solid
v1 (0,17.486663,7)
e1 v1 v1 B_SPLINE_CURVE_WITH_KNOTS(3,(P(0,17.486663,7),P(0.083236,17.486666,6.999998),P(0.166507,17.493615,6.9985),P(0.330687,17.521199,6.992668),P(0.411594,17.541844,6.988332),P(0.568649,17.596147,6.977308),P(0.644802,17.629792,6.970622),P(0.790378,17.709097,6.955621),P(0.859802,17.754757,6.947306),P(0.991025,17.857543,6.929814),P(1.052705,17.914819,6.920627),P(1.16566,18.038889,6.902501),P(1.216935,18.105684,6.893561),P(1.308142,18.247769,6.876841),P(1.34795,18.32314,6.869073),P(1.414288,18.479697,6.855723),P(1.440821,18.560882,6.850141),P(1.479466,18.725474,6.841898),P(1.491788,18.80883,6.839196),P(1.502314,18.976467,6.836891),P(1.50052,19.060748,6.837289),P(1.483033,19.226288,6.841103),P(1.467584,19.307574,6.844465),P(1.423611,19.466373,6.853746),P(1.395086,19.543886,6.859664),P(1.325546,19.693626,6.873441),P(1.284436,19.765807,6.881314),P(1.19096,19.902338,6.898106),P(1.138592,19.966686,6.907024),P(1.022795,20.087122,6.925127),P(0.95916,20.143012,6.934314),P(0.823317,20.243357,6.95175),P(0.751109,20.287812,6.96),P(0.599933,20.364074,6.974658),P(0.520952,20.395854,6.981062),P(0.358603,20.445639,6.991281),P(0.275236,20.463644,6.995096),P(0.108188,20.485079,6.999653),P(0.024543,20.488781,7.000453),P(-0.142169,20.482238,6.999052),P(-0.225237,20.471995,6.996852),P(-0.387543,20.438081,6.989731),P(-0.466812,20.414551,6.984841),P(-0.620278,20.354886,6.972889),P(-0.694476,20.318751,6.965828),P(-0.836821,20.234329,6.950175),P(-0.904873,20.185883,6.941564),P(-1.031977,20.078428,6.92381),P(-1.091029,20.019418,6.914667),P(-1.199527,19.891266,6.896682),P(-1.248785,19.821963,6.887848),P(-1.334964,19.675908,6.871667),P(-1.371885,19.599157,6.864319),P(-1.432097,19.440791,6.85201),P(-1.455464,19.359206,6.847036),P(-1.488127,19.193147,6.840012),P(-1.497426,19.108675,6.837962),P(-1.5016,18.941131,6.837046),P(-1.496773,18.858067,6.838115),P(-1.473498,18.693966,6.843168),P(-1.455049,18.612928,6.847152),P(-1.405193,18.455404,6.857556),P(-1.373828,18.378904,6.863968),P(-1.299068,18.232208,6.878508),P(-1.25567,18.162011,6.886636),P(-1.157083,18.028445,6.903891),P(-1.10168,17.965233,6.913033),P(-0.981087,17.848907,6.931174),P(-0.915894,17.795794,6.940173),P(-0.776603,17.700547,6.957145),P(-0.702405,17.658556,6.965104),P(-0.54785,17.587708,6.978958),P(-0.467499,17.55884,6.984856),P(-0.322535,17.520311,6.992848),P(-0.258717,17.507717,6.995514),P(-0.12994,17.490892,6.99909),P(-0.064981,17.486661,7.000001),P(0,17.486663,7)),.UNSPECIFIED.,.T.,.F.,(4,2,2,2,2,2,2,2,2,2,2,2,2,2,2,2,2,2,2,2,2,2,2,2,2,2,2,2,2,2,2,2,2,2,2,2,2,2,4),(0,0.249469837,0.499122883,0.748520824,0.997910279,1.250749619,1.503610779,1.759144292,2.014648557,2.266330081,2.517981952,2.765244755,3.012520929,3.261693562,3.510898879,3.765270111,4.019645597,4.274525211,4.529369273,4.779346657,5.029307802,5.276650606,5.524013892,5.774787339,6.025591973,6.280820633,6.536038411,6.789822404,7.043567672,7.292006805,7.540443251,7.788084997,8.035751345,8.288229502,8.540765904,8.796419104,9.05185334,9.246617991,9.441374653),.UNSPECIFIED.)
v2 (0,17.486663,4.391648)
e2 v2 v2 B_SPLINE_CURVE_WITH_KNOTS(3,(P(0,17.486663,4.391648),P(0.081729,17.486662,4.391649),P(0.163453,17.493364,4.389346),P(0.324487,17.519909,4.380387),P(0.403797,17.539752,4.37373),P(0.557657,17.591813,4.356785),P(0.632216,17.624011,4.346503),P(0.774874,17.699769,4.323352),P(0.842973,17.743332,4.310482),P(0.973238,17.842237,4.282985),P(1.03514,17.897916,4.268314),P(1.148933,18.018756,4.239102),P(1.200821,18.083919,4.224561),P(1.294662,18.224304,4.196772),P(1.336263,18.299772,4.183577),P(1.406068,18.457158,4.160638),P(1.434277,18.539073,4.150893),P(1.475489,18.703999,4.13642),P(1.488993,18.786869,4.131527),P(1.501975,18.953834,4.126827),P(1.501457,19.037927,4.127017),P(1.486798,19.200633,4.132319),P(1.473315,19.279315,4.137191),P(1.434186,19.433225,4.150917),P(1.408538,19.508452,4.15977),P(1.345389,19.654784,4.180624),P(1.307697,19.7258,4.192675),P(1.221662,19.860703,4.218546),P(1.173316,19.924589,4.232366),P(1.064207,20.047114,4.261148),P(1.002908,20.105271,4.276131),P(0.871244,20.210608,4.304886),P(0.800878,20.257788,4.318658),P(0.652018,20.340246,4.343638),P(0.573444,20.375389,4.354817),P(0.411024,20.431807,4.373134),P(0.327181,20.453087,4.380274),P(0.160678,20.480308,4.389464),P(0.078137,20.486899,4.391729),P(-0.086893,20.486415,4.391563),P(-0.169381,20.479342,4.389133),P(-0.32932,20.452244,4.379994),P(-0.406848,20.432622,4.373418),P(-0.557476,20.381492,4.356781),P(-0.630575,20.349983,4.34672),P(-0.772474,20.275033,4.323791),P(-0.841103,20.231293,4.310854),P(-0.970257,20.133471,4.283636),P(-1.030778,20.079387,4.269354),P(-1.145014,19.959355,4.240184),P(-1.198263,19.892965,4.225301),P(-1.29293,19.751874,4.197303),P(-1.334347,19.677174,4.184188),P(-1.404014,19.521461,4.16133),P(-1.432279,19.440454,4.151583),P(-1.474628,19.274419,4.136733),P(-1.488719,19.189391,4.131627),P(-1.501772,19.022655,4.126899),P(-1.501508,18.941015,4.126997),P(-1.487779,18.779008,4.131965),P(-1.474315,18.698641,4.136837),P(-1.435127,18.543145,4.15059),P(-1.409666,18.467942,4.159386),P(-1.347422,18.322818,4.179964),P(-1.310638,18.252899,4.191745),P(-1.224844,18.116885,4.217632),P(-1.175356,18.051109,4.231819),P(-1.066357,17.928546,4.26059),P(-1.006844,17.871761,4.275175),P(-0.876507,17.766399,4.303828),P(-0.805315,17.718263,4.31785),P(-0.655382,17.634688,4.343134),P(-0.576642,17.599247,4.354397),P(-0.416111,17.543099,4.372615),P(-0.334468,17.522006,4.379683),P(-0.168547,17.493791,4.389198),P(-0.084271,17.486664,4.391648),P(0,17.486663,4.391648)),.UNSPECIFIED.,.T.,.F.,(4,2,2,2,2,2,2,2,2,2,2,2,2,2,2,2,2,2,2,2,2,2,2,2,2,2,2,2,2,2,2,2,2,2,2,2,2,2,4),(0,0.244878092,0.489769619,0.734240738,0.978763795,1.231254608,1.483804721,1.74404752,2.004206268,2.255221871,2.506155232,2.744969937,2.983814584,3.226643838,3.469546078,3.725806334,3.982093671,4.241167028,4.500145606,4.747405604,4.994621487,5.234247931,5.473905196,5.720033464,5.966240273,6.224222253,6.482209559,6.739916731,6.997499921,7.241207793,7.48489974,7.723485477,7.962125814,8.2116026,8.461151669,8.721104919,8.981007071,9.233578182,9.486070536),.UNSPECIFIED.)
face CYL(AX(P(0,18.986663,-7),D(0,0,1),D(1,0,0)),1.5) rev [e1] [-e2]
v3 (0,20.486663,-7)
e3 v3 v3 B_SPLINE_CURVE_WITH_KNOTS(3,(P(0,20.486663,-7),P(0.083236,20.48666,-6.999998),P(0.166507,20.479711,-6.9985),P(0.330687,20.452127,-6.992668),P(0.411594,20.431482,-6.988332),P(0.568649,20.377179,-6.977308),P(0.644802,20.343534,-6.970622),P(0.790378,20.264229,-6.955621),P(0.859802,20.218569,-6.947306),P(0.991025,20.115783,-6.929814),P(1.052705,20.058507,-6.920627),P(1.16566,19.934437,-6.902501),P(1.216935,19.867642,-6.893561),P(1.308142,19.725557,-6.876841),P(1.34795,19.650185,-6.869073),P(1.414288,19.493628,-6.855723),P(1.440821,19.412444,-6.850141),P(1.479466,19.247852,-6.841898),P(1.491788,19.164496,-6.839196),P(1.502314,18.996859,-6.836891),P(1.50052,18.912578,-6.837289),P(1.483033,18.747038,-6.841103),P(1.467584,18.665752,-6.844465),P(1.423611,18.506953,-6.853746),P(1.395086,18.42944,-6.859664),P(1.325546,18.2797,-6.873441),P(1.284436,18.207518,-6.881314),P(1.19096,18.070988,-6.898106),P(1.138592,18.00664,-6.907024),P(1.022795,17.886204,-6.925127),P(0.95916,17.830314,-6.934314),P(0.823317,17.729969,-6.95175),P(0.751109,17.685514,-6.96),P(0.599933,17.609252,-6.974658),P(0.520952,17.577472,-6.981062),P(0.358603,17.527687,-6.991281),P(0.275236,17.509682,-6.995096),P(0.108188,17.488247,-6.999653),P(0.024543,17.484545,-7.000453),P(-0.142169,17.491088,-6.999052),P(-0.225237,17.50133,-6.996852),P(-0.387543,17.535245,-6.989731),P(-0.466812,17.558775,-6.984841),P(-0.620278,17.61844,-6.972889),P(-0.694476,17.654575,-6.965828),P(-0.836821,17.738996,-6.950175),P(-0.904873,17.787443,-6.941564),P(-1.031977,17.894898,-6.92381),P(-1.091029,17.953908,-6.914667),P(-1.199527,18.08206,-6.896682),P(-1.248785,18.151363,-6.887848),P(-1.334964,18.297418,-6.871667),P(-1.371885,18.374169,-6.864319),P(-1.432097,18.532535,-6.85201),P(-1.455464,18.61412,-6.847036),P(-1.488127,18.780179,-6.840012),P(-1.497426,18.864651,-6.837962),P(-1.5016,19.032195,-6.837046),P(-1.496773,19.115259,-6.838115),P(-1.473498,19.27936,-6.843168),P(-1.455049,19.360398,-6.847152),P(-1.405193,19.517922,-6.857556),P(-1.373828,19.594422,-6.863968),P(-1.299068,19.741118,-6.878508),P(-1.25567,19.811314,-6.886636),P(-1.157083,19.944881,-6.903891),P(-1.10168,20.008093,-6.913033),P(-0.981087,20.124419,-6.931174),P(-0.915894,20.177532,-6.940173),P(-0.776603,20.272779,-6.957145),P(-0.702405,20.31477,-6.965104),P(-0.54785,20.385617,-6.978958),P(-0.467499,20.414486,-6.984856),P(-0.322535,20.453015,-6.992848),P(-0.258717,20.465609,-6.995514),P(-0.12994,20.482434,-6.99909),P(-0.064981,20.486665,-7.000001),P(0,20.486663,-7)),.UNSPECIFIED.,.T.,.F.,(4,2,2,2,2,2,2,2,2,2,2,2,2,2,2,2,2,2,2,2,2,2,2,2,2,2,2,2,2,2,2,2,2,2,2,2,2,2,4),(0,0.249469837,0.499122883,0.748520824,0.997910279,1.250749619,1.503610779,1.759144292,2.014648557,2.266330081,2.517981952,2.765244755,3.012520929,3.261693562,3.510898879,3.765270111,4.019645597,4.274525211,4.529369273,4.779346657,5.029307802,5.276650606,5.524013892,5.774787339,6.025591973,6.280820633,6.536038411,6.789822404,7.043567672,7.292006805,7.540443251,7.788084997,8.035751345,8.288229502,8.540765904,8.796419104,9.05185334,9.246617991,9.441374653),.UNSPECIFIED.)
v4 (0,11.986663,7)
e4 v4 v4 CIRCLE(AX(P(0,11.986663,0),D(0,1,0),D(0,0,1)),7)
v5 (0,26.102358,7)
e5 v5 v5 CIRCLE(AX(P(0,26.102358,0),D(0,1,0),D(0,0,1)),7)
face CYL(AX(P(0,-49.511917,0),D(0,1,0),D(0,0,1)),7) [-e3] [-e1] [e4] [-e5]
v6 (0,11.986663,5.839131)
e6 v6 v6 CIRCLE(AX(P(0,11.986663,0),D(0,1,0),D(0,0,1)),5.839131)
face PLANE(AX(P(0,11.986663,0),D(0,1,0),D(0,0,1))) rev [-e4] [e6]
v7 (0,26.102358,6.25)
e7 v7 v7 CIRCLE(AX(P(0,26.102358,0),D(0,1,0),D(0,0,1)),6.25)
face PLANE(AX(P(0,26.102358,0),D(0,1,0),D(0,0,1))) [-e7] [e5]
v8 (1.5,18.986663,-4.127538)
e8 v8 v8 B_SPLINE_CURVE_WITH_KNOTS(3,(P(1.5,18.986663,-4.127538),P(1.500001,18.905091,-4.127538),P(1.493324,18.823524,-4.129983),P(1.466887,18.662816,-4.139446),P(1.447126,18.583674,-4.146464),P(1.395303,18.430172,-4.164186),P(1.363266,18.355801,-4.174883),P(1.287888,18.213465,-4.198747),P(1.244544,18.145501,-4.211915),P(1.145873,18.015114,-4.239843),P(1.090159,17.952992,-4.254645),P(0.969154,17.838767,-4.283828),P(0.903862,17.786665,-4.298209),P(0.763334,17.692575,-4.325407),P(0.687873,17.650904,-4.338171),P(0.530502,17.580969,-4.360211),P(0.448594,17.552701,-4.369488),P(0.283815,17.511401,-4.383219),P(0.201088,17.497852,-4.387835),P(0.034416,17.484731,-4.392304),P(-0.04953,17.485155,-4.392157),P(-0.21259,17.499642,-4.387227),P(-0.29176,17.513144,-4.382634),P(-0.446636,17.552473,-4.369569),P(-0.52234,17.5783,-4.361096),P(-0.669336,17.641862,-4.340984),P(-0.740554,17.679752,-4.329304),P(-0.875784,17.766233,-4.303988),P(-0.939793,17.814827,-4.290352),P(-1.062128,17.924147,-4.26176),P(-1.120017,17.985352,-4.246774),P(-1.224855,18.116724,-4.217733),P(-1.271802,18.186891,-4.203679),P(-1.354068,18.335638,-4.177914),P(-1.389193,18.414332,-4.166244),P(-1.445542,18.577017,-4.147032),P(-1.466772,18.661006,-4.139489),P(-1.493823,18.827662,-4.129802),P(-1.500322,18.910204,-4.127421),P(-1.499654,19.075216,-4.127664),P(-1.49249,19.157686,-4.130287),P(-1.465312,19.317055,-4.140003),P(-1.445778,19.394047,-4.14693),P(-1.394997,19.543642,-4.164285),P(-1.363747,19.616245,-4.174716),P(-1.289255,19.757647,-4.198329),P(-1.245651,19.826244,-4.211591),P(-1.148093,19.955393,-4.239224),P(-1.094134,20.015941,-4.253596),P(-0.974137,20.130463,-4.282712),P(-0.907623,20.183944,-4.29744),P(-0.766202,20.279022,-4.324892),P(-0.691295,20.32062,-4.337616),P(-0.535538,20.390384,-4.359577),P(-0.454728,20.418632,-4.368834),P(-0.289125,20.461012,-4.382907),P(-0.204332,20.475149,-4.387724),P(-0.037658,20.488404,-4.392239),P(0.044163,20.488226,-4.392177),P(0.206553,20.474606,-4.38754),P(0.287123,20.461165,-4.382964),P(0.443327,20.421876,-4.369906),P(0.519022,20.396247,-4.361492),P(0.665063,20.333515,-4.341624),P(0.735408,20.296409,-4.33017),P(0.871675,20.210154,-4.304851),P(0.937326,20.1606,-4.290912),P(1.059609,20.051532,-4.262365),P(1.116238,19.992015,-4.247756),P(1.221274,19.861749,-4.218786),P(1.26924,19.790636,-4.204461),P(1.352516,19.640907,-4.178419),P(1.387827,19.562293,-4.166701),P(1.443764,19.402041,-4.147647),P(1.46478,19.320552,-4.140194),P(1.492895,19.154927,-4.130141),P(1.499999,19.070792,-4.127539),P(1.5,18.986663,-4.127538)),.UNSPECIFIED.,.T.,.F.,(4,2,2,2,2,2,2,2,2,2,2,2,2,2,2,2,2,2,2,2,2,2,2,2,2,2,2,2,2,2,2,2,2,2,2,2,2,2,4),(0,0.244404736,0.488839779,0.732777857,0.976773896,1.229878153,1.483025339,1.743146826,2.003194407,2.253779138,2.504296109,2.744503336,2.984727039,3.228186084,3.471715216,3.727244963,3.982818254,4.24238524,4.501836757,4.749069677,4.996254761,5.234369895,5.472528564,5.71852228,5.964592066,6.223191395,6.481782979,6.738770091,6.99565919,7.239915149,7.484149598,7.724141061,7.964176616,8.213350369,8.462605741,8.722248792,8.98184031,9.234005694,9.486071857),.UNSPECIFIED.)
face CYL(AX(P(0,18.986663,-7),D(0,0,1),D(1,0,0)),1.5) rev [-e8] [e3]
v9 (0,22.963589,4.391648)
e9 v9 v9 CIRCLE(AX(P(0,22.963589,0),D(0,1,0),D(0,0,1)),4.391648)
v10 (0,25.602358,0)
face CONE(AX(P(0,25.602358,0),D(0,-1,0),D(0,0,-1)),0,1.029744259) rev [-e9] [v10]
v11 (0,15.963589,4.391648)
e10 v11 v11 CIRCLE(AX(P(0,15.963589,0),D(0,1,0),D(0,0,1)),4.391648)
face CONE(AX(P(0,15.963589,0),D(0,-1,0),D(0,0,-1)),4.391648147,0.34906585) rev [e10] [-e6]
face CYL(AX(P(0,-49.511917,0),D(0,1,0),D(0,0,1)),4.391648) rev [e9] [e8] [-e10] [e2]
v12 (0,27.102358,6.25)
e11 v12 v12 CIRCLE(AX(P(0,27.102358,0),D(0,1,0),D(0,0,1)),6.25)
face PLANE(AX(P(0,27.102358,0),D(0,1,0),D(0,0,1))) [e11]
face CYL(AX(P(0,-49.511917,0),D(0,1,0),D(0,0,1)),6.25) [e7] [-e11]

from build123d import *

# Parameters (mm, degrees)
SKETCH2_R          = 1.5
CUT_EXTRUDE2_DEPTH = 7


with BuildPart() as part:
    # Sketch1 → Revolve1 (revolve)
    with BuildSketch(Plane.XY, mode=Mode.PRIVATE) as revolve1_sk:
        Polygon((0, 25.602357553), (0, 27.102357553), (-6.25, 27.102357553), (-6.25, 26.102357553), (-7, 26.102357553), (-7, 11.986662945), (-5.839130901, 11.986662945), (-5.11205907, 13.984276384), (-4.391648147, 15.963589129), (-4.391648147, 18.963589129), (-4.391648147, 22.963589129), align=None)
    revolve(revolve1_sk.sketch.rotate(Axis((0, -49.511916915, 0), (0, 1, 0)), 90), axis=Axis((0, -49.511916915, 0), (0, 1, 0)))

    # Sketch2 → Cut-Extrude2 (cut, symmetric)
    with BuildSketch(Plane.XY):
        with Locations((0, 18.986662945)):
            Circle(SKETCH2_R)
    extrude(amount=CUT_EXTRUDE2_DEPTH, both=True, mode=Mode.SUBTRACT)


solid = part.part
